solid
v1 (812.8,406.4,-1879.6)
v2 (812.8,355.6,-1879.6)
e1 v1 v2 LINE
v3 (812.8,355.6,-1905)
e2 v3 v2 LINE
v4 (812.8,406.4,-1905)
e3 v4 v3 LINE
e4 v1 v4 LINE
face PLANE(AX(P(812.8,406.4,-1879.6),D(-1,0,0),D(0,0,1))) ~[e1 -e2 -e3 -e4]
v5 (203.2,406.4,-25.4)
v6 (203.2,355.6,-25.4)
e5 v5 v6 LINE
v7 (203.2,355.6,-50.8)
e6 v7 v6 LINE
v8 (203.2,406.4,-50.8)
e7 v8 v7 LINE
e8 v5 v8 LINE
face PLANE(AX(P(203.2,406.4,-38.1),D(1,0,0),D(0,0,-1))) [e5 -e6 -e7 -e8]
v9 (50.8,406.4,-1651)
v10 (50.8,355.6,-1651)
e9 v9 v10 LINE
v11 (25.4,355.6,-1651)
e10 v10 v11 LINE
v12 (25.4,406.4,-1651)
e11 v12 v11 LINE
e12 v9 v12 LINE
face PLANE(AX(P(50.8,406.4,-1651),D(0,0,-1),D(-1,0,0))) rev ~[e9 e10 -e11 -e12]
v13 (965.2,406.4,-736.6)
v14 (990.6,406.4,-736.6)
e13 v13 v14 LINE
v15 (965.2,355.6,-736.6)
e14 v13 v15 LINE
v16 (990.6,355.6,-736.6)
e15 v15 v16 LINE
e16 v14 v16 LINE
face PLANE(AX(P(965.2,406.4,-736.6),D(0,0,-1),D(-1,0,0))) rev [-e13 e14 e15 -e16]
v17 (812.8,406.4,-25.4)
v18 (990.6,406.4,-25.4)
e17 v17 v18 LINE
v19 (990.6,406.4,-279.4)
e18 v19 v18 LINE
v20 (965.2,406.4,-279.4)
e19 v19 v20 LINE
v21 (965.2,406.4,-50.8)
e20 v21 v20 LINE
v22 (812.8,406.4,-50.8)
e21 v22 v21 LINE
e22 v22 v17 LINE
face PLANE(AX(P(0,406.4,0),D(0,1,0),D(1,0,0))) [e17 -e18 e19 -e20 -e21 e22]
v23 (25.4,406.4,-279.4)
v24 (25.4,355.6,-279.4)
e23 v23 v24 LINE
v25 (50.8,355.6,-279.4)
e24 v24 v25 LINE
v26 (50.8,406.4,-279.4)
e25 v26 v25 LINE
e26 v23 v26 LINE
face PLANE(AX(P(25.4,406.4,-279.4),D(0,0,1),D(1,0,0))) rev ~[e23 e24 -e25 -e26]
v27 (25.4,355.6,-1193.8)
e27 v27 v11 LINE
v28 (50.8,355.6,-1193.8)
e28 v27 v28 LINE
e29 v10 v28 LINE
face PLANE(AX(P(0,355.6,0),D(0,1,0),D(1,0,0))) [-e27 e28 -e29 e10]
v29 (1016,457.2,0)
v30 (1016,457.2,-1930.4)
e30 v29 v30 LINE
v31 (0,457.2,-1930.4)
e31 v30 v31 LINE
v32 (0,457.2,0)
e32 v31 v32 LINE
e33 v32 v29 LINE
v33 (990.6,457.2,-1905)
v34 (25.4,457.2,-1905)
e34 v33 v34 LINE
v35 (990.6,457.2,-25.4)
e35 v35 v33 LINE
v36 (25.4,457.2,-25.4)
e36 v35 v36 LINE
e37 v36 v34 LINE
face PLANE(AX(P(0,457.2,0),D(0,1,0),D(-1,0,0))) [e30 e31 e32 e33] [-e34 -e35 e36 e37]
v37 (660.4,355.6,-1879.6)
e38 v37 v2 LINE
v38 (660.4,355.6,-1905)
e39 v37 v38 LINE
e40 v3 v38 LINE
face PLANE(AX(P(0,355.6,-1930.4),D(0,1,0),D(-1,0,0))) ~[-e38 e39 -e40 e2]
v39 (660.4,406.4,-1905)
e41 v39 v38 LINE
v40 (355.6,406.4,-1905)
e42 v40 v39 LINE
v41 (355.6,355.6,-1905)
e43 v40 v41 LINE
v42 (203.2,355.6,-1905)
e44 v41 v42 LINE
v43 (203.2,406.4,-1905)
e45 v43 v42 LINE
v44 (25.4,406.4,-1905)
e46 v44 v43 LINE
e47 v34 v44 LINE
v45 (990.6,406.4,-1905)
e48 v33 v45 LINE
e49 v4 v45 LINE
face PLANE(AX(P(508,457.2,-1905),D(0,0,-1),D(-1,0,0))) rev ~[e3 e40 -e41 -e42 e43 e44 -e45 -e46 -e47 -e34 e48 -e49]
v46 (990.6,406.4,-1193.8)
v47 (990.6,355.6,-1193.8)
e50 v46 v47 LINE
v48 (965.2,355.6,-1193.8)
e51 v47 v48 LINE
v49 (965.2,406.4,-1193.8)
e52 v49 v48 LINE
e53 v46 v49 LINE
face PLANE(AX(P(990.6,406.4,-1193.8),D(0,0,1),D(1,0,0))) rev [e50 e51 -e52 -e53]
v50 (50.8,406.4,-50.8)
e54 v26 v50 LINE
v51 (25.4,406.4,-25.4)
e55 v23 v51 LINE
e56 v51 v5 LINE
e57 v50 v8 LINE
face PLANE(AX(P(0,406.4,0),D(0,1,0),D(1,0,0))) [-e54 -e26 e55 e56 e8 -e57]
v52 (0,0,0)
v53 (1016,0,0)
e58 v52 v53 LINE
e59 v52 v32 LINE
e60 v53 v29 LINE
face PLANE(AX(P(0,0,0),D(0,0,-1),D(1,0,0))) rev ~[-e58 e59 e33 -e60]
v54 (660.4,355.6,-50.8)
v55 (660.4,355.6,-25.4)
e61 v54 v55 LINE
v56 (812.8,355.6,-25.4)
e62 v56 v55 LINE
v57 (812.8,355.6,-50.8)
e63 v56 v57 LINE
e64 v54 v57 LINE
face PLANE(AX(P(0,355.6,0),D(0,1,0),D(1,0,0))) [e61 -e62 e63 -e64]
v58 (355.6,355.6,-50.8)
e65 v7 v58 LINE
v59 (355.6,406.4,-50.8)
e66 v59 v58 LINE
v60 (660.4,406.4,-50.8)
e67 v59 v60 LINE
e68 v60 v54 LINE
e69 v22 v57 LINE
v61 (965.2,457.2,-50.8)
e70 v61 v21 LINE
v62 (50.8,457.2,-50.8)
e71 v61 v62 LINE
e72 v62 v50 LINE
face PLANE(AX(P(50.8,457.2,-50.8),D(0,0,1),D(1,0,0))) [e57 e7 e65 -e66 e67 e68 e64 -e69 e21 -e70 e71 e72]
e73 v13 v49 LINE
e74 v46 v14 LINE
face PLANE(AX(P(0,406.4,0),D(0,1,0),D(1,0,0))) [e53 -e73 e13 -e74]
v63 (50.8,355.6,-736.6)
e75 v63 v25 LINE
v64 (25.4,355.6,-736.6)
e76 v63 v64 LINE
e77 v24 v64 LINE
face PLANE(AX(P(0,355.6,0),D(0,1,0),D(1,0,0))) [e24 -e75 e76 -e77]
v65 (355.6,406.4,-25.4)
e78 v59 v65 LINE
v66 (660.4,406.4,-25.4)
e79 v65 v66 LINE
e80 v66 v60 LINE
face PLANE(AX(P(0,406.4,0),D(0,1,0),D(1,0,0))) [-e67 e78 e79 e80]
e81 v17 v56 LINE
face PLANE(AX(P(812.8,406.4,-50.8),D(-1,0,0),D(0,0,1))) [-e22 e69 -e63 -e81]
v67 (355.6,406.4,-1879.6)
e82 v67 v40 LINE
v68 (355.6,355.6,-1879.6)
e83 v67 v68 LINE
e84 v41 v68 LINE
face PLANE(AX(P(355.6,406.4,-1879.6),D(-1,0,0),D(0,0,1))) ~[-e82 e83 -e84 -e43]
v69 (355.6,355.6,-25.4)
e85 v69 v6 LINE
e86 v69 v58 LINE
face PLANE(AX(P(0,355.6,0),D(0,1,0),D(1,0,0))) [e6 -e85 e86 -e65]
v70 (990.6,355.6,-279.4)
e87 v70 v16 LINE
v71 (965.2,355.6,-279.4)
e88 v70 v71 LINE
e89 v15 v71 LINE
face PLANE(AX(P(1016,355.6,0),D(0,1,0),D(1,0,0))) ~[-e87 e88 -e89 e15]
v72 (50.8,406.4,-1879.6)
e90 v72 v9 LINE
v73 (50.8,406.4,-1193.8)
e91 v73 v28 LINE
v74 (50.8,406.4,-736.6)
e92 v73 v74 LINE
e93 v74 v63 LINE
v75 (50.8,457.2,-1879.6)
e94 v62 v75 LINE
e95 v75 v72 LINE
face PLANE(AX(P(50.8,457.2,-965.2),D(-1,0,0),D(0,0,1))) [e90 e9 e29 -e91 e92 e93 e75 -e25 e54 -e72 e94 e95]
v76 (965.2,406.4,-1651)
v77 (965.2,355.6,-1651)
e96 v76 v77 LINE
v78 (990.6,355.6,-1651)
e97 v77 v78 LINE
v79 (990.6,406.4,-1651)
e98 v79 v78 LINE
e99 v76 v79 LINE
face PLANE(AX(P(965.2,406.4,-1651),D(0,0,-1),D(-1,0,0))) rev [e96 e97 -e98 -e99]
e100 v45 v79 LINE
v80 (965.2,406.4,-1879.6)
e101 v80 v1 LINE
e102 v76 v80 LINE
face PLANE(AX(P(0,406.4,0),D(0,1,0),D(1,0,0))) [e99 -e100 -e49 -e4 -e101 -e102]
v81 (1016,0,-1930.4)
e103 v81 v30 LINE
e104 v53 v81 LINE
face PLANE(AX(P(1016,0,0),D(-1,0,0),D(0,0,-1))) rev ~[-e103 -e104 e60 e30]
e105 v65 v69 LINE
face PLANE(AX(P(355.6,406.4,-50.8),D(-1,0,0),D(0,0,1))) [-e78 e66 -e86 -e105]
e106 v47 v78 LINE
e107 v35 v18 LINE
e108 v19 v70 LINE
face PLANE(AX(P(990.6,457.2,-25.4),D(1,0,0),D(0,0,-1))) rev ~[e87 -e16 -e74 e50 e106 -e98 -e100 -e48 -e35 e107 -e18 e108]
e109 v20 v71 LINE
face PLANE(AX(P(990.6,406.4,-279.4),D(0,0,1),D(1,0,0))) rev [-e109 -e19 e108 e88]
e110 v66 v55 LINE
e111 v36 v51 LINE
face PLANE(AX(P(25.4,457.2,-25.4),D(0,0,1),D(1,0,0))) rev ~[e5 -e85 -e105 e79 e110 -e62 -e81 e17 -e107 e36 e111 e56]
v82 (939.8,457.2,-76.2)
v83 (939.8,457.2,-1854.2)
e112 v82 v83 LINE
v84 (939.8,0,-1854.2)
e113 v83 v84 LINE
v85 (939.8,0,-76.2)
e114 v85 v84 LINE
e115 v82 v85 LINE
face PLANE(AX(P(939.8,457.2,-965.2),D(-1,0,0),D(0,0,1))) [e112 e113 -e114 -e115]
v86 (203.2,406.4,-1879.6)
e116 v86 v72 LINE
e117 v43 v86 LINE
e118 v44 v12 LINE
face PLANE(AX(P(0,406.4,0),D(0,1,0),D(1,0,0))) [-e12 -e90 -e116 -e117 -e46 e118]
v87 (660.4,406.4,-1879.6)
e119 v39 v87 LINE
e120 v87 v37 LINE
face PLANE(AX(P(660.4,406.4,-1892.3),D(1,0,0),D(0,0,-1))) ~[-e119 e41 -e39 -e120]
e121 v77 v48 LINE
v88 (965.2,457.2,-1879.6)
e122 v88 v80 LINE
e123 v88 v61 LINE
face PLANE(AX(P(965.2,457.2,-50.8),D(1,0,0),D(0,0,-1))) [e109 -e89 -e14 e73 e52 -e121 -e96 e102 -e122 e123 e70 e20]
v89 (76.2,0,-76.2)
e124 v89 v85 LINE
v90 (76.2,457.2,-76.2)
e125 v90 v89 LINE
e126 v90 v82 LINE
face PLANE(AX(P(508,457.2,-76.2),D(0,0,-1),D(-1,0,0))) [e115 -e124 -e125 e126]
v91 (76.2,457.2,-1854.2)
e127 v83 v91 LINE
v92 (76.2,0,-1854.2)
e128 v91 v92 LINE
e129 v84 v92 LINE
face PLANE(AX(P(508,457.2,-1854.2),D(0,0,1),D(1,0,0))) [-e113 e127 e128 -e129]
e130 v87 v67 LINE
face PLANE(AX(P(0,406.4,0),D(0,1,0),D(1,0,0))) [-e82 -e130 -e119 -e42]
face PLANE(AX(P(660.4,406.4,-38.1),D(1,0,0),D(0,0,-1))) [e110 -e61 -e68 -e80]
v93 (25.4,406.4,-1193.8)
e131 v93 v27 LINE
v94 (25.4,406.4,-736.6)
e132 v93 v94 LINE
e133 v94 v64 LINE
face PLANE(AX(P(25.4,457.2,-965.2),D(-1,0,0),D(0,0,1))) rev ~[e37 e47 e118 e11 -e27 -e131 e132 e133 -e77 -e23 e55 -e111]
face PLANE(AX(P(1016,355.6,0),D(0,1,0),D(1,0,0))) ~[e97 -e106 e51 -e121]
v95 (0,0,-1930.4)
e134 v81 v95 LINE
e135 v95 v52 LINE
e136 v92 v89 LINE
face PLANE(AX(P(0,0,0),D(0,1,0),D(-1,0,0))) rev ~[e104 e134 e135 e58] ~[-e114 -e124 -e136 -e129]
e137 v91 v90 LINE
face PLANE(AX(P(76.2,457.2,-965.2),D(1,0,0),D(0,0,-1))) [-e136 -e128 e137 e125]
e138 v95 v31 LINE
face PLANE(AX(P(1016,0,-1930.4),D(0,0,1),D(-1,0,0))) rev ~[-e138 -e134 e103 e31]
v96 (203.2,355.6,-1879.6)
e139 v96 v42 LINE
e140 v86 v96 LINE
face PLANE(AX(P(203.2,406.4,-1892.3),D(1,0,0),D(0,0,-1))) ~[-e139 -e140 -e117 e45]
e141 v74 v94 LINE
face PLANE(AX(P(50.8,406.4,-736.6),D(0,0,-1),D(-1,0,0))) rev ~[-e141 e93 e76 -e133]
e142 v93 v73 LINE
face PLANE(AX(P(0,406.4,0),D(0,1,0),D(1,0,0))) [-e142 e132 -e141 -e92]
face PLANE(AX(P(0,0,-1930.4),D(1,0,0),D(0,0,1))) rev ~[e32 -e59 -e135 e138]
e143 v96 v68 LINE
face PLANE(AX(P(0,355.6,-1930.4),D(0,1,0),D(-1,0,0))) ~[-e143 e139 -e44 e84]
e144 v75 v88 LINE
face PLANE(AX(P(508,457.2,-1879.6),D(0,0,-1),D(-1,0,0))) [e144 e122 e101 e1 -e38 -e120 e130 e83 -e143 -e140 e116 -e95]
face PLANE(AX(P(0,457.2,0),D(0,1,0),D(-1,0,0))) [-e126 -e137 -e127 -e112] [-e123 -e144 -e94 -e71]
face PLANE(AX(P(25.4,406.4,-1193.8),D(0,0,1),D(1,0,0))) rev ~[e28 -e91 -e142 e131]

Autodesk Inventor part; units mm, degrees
ref_plane "YZ Plane" through (0, 0, 0) normal (1, 0, 0) x (0, 1, 0)
sketch "Sketch1" plane through (0, 0, 0) normal (0, 1, 0) x (-1, 0, 0)
  line L0 (0, 0) -> (-1016, 0)
  line L1 (-1016, 0) -> (-1016, -1930.4)
  line L2 (-1016, -1930.4) -> (0, -1930.4)
  line L3 (0, -1930.4) -> (0, 0)
  dimension "d0" = 1016
  dimension "d1" = 1930.4
extrude "Extrusion1" add sketch "Sketch1" along normal blind 457.2
sketch "Sketch8" plane through (0, 457.2, 0) normal (0, 1, 0) x (1, 0, 0)
  line L0 (25.4, 25.4) -> (990.6, 25.4)
  line L1 (990.6, 25.4) -> (990.6, 1905)
  line L2 (990.6, 1905) -> (25.4, 1905)
  line L3 (25.4, 1905) -> (25.4, 25.4)
  line L4 (50.8, 50.8) -> (965.2, 50.8)
  line L5 (965.2, 50.8) -> (965.2, 1879.6)
  line L6 (965.2, 1879.6) -> (50.8, 1879.6)
  line L7 (50.8, 1879.6) -> (50.8, 50.8)
  line L8 (50.8, 965.2) -> (25.4, 965.2)
  line L9 (965.2, 965.2) -> (990.6, 965.2)
  line L10 (508, 1879.6) -> (508, 1905)
  line L11 (508, 50.8) -> (508, 25.4)
  line L12 (508, 25.4) -> (508, 0)
  line L13 (0, 0) -> (1016, 0) projected
  line L14 (508, 1905) -> (508, 1930.4)
  line L15 (1016, 1930.4) -> (0, 1930.4) projected
  line L16 (25.4, 965.2) -> (0, 965.2)
  line L17 (0, 1930.4) -> (0, 0) projected
  line L18 (990.6, 965.2) -> (1016, 965.2)
  line L19 (1016, 0) -> (1016, 1930.4) projected
  dimension "d13" = 25.4
  dimension "d14" = 25.4
  dimension "d15" = 25.4
  dimension "d16" = 25.4
extrude "Extrusion3" cut sketch "Sketch8" against normal blind 50.8 contours L3 L8 L7 L4 L11 L0 | L11 L4 L5 L9 L1 L0 | L3 L2 L10 L6 L7 L8 | L9 L5 L6 L10 L2 L1
sketch "InnerInset1" plane through (0, 406.4, 0) normal (0, 1, 0) x (1, 0, 0)
  line L0 (25.4, 25.4) -> (25.4, 1905) projected
  line L1 (50.8, 1879.6) -> (50.8, 50.8) projected
  line L2 (25.4, 279.4) -> (50.8, 279.4)
  line L3 (50.8, 279.4) -> (50.8, 736.6)
  line L4 (50.8, 736.6) -> (25.4, 736.6)
  line L5 (25.4, 736.6) -> (25.4, 279.4)
  line L6 (990.6, 25.4) -> (25.4, 25.4) projected
  line L7 (25.4, 1193.8) -> (50.8, 1193.8)
  line L8 (50.8, 1193.8) -> (50.8, 1651)
  line L9 (50.8, 1651) -> (25.4, 1651)
  line L10 (25.4, 1651) -> (25.4, 1193.8)
  line L11 (25.4, 1905) -> (990.6, 1905) projected
  point P0 (0, 0)
  dimension "d19" = 254
  dimension "d20" = 457.2
  dimension "d21" = 457.2
  dimension "d22" = 254
extrude "Extrusion4" cut sketch "InnerInset1" against normal blind 50.8 contours L0 L4 L1 L2 | L0 L9 L1 L7
ref_plane "Work Plane1" through (508, 0, 0) normal (1, 0, 0) x (0, 0, -1)
mirror "Mirror1" about plane through (508, 0, 0) normal (1, 0, 0) of "Extrusion4"
ref_plane "Work Plane2" through (1016, 0, -965.2) normal (0, 0, -1) x (-1, 0, 0)
sketch "Sketch10" plane through (0, 406.4, 0) normal (0, 1, 0) x (1, 0, 0)
  line L0 (50.8, 50.8) -> (965.2, 50.8) projected
  line L1 (990.6, 25.4) -> (25.4, 25.4) projected
  line L2 (203.2, 50.8) -> (355.6, 50.8)
  line L3 (355.6, 50.8) -> (355.6, 25.4)
  line L4 (355.6, 25.4) -> (203.2, 25.4)
  line L5 (203.2, 25.4) -> (203.2, 50.8)
  line L6 (660.4, 50.8) -> (812.8, 50.8)
  line L7 (812.8, 50.8) -> (812.8, 25.4)
  line L8 (812.8, 25.4) -> (660.4, 25.4)
  line L9 (660.4, 25.4) -> (660.4, 50.8)
  line L10 (203.2, 38.1) -> (355.6, 38.1)
  line L11 (660.4, 38.1) -> (812.8, 38.1)
  line L12 (25.4, 25.4) -> (25.4, 1905) projected
  line L13 (990.6, 1905) -> (990.6, 25.4) projected
  point P0 (0, 0)
  dimension "d25" = 177.8
  dimension "d26" = 177.8
  dimension "d27" = 152.4
extrude "Extrusion5" cut sketch "Sketch10" against normal blind 50.8 contours L0 L3 L10 L5 | L10 L3 L1 L5 | L0 L7 L11 L9 | L11 L7 L1 L9
mirror "Mirror2" about plane through (1016, 0, -965.2) normal (0, 0, -1) of "Extrusion5"
sketch "Sketch11" plane through (0, 457.2, 0) normal (0, 1, 0) x (1, 0, 0)
  point P0 (0, 0)
sketch "Sketch12" plane through (0, 457.2, 0) normal (0, 1, 0) x (1, 0, 0)
  line L0 (76.2, 1854.2) -> (939.8, 1854.2)
  line L1 (939.8, 1854.2) -> (939.8, 76.2)
  line L2 (939.8, 76.2) -> (76.2, 76.2)
  line L3 (76.2, 76.2) -> (76.2, 1854.2)
  line L4 (76.2, 965.2) -> (50.8, 965.2)
  line L5 (50.8, 1193.8) -> (50.8, 736.6) projected
  line L6 (939.8, 965.2) -> (965.2, 965.2)
  line L7 (965.2, 736.6) -> (965.2, 1193.8) projected
  line L8 (508, 1854.2) -> (508, 1879.6)
  line L9 (965.2, 1879.6) -> (50.8, 1879.6) projected
  line L10 (508, 76.2) -> (508, 50.8)
  line L11 (50.8, 50.8) -> (965.2, 50.8) projected
  point P0 (0, 0)
  dimension "d30" = 25.4
  dimension "d31" = 25.4
extrude "Extrusion6" cut sketch "Sketch12" against normal blind 609.6
properties part number "rev1 base"
